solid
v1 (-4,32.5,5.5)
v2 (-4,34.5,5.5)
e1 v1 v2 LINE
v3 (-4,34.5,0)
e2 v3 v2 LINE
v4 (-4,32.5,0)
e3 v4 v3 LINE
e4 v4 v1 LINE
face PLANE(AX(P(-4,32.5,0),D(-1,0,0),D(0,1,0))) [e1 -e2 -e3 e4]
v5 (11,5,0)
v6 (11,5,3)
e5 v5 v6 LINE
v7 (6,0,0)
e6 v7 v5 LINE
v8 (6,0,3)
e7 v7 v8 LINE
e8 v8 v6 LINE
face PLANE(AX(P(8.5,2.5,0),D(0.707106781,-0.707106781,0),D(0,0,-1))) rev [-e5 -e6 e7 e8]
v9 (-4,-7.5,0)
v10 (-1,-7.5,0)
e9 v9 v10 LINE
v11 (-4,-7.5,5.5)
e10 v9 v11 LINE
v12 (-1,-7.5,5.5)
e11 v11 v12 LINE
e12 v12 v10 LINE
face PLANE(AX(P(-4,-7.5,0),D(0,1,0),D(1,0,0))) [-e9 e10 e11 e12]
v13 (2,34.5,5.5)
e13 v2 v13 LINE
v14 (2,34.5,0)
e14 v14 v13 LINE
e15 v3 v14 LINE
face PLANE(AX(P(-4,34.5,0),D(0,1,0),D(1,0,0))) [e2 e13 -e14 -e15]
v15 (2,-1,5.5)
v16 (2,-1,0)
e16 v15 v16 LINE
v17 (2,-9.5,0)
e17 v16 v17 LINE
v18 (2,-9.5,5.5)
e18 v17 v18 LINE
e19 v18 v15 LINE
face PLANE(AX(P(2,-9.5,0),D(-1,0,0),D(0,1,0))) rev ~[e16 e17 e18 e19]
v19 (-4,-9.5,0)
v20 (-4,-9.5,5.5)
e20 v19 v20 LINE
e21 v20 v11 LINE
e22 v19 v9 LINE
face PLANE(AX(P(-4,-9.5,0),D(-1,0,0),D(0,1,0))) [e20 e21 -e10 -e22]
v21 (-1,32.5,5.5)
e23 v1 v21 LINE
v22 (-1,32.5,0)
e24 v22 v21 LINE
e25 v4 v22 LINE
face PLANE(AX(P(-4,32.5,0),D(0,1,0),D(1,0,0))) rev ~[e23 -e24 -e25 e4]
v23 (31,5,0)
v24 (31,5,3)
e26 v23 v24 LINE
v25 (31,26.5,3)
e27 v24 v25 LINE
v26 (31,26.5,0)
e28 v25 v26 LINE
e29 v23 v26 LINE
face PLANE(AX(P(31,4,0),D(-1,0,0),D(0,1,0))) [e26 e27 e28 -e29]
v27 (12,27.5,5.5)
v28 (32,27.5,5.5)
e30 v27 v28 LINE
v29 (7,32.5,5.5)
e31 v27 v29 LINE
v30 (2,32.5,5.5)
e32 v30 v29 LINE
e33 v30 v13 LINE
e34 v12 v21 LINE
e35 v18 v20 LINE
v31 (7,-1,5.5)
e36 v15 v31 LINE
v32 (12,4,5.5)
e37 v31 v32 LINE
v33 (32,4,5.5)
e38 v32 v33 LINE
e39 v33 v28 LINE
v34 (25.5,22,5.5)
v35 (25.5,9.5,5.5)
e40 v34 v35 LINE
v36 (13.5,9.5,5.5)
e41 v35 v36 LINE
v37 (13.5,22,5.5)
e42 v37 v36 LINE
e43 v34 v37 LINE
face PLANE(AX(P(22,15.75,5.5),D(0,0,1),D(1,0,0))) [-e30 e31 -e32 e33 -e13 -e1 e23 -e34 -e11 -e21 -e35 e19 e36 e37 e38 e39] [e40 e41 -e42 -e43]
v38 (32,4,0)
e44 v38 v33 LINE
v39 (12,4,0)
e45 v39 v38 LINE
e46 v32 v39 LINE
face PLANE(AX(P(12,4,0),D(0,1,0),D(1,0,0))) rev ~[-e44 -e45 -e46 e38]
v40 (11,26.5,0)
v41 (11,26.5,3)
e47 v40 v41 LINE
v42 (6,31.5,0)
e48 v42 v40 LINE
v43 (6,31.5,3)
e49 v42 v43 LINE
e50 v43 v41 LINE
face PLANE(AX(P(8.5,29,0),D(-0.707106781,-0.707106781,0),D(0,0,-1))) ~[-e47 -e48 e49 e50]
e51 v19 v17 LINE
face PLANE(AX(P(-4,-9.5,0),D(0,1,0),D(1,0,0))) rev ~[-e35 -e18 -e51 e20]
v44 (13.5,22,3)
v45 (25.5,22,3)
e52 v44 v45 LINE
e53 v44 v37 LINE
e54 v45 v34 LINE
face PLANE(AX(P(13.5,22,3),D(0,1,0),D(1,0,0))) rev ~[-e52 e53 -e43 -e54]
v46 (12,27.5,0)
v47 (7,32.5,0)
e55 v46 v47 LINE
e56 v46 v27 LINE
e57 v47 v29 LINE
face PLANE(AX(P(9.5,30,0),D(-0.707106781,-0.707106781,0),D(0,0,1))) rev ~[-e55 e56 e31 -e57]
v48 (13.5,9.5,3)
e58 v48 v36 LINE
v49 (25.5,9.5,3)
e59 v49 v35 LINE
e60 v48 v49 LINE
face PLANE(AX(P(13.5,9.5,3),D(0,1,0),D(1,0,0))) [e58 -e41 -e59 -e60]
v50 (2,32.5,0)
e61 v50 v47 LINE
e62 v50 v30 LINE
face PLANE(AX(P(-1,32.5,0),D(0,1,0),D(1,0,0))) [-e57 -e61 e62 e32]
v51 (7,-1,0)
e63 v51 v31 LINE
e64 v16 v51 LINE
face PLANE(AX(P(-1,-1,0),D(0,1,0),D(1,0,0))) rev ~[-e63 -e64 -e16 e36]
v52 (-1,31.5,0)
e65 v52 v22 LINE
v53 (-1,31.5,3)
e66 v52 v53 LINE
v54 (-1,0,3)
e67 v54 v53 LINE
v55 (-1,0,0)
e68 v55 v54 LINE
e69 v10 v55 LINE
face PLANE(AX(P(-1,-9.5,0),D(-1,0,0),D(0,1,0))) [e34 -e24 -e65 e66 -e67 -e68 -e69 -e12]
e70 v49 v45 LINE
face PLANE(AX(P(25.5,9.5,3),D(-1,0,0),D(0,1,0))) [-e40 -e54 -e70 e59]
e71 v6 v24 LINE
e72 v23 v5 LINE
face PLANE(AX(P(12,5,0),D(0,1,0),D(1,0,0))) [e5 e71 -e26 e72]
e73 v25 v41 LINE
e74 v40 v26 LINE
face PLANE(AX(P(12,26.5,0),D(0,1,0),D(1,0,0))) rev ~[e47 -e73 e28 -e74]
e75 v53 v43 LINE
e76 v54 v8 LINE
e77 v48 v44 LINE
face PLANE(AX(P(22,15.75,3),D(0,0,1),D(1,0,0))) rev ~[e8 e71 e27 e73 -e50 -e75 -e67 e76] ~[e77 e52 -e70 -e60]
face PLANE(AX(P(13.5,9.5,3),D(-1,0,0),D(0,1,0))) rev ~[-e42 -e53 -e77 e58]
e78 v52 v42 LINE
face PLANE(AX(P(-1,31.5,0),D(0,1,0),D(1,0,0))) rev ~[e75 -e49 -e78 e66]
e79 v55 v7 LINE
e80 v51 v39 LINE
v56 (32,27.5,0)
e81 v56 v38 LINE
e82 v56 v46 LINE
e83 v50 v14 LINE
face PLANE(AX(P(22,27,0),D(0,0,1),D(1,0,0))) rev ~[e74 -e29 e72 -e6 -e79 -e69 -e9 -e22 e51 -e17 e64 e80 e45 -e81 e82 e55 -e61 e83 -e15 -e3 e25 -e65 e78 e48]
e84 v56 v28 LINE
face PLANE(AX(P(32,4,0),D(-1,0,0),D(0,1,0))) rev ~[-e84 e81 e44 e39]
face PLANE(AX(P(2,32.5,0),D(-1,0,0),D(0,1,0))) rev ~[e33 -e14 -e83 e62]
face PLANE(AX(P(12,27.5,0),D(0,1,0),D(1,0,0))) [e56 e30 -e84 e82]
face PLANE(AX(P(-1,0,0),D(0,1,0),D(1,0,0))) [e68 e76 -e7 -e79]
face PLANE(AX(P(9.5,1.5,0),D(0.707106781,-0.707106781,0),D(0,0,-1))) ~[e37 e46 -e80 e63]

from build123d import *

# Parameters (mm, degrees)
BOX021038_W        = 3
BOX021038_H        = 9
BOX021038_DEPTH    = 5.5
BOX021037_W        = 6
BOX021037_H        = 2
BOX021037_DEPTH    = 5.5
BOX021035_W        = 1
BOX021035_H        = 21.5
BOX021035_DEPTH    = 3
BOX021028_W        = 12
BOX021028_H        = 31.5
BOX021028_DEPTH    = 3
BOX021029_W        = 13
BOX021029_H        = 33.5
BOX021029_DEPTH    = 5.5
CHAMFER016036_SIZE = 5
CHAMFER016037_SIZE = 5
BOX021034_W        = 1
BOX021034_H        = 23.5
BOX021034_DEPTH    = 4
BOX021033_W        = 20
BOX021033_H        = 1
BOX021033_DEPTH    = 4
BOX021032_W        = 20
BOX021032_H        = 1
BOX021032_DEPTH    = 4
BOX021031_W        = 12
BOX021031_H        = 12.5
BOX021031_DEPTH    = 4
BOX021030_W        = 20
BOX021030_H        = 23.5
BOX021030_DEPTH    = 2.5
BOX021036_W        = 6
BOX021036_H        = 2
BOX021036_DEPTH    = 5.5


with BuildPart() as cube056:
    # Box021038 → Box021038 (new body)
    with BuildSketch(Plane(origin=(-1, -9.5, 0), x_dir=(1, 0, 0), z_dir=(0, 0, 1))):
        with Locations((1.5, 4.5)):
            Rectangle(BOX021038_W, BOX021038_H)
    extrude(amount=BOX021038_DEPTH)


with BuildPart() as cube055:
    # Box021037 → Box021037 (new body)
    with BuildSketch(Plane(origin=(-4, -9.5, 0), x_dir=(1, 0, 0), z_dir=(0, 0, 1))):
        with Locations((3, 1)):
            Rectangle(BOX021037_W, BOX021037_H)
    extrude(amount=BOX021037_DEPTH)


with BuildPart() as cube053:
    # Box021035 → Box021035 (new body)
    with BuildSketch(Plane(origin=(11, 5, 0), x_dir=(1, 0, 0), z_dir=(0, 0, 1))):
        with Locations((0.5, 10.75)):
            Rectangle(BOX021035_W, BOX021035_H)
    extrude(amount=BOX021035_DEPTH)


with BuildPart() as cube046:
    # Box021028 → Box021028 (new body)
    with BuildSketch(Plane(origin=(-1, 0, 0), x_dir=(1, 0, 0), z_dir=(0, 0, 1))):
        with Locations((6, 15.75)):
            Rectangle(BOX021028_W, BOX021028_H)
    extrude(amount=BOX021028_DEPTH)


with BuildPart() as cut004005004003002008001014:
    # Box021029 → Box021029 (new body)
    with BuildSketch(Plane(origin=(-1, -1, 0), x_dir=(1, 0, 0), z_dir=(0, 0, 1))):
        with Locations((6.5, 16.75)):
            Rectangle(BOX021029_W, BOX021029_H)
    extrude(amount=BOX021029_DEPTH)

    # Cut004005004003002008001013: cut Cube046
    add(cube046.part, mode=Mode.SUBTRACT)

    # Chamfer016036
    chamfer016036_edges = [cut004005004003002008001014.edges().sort_by_distance(p)[0] for p in [
        (11, 31.5, 1.5),
        (11, 0, 1.5),
    ]]
    chamfer(chamfer016036_edges, length=CHAMFER016036_SIZE)

    # Chamfer016037
    chamfer016037_edges = [cut004005004003002008001014.edges().sort_by_distance(p)[0] for p in [
        (12, -1, 2.75),
        (12, 32.5, 2.75),
    ]]
    chamfer(chamfer016037_edges, length=CHAMFER016037_SIZE)

    # Cut004005004003002008001014: cut Cube053
    add(cube053.part, mode=Mode.SUBTRACT)


with BuildPart() as cube052:
    # Box021034 → Box021034 (new body)
    with BuildSketch(Plane(origin=(31, 4, 0), x_dir=(1, 0, 0), z_dir=(0, 0, 1))):
        with Locations((0.5, 11.75)):
            Rectangle(BOX021034_W, BOX021034_H)
    extrude(amount=BOX021034_DEPTH)


with BuildPart() as cube051:
    # Box021033 → Box021033 (new body)
    with BuildSketch(Plane(origin=(12, 26.5, 0), x_dir=(1, 0, 0), z_dir=(0, 0, 1))):
        with Locations((10, 0.5)):
            Rectangle(BOX021033_W, BOX021033_H)
    extrude(amount=BOX021033_DEPTH)


with BuildPart() as fusion003007008004003002005002002002002:
    # Box021032 → Box021032 (new body)
    with BuildSketch(Plane(origin=(12, 4, 0), x_dir=(1, 0, 0), z_dir=(0, 0, 1))):
        with Locations((10, 0.5)):
            Rectangle(BOX021032_W, BOX021032_H)
    extrude(amount=BOX021032_DEPTH)

    # Fusion003007008004003002005002002002002: union Cube052, Cube051
    add(cube052.part)
    add(cube051.part)


with BuildPart() as cube049:
    # Box021031 → Box021031 (new body)
    with BuildSketch(Plane(origin=(13.5, 9.5, 3), x_dir=(1, 0, 0), z_dir=(0, 0, 1))):
        with Locations((6, 6.25)):
            Rectangle(BOX021031_W, BOX021031_H)
    extrude(amount=BOX021031_DEPTH)


with BuildPart() as cut004005004003002008001012:
    # Box021030 → Box021030 (new body)
    with BuildSketch(Plane(origin=(12, 4, 3), x_dir=(1, 0, 0), z_dir=(0, 0, 1))):
        with Locations((10, 11.75)):
            Rectangle(BOX021030_W, BOX021030_H)
    extrude(amount=BOX021030_DEPTH)

    # Cut004005004003002008001012: cut Cube049
    add(cube049.part, mode=Mode.SUBTRACT)


with BuildPart() as led_cover_base:
    # Box021036 → Box021036 (new body)
    with BuildSketch(Plane(origin=(-4, 32.5, 0), x_dir=(1, 0, 0), z_dir=(0, 0, 1))):
        with Locations((3, 1)):
            Rectangle(BOX021036_W, BOX021036_H)
    extrude(amount=BOX021036_DEPTH)

    # Fusion003007008004003002005002002002003: union Cube056, Cube055, Cut004005004003002008001014, Fusion003007008004003002005002002002002, Cut004005004003002008001012
    add(cube056.part)
    add(cube055.part)
    add(cut004005004003002008001014.part)
    add(fusion003007008004003002005002002002002.part)
    add(cut004005004003002008001012.part)


solid = led_cover_base.part
